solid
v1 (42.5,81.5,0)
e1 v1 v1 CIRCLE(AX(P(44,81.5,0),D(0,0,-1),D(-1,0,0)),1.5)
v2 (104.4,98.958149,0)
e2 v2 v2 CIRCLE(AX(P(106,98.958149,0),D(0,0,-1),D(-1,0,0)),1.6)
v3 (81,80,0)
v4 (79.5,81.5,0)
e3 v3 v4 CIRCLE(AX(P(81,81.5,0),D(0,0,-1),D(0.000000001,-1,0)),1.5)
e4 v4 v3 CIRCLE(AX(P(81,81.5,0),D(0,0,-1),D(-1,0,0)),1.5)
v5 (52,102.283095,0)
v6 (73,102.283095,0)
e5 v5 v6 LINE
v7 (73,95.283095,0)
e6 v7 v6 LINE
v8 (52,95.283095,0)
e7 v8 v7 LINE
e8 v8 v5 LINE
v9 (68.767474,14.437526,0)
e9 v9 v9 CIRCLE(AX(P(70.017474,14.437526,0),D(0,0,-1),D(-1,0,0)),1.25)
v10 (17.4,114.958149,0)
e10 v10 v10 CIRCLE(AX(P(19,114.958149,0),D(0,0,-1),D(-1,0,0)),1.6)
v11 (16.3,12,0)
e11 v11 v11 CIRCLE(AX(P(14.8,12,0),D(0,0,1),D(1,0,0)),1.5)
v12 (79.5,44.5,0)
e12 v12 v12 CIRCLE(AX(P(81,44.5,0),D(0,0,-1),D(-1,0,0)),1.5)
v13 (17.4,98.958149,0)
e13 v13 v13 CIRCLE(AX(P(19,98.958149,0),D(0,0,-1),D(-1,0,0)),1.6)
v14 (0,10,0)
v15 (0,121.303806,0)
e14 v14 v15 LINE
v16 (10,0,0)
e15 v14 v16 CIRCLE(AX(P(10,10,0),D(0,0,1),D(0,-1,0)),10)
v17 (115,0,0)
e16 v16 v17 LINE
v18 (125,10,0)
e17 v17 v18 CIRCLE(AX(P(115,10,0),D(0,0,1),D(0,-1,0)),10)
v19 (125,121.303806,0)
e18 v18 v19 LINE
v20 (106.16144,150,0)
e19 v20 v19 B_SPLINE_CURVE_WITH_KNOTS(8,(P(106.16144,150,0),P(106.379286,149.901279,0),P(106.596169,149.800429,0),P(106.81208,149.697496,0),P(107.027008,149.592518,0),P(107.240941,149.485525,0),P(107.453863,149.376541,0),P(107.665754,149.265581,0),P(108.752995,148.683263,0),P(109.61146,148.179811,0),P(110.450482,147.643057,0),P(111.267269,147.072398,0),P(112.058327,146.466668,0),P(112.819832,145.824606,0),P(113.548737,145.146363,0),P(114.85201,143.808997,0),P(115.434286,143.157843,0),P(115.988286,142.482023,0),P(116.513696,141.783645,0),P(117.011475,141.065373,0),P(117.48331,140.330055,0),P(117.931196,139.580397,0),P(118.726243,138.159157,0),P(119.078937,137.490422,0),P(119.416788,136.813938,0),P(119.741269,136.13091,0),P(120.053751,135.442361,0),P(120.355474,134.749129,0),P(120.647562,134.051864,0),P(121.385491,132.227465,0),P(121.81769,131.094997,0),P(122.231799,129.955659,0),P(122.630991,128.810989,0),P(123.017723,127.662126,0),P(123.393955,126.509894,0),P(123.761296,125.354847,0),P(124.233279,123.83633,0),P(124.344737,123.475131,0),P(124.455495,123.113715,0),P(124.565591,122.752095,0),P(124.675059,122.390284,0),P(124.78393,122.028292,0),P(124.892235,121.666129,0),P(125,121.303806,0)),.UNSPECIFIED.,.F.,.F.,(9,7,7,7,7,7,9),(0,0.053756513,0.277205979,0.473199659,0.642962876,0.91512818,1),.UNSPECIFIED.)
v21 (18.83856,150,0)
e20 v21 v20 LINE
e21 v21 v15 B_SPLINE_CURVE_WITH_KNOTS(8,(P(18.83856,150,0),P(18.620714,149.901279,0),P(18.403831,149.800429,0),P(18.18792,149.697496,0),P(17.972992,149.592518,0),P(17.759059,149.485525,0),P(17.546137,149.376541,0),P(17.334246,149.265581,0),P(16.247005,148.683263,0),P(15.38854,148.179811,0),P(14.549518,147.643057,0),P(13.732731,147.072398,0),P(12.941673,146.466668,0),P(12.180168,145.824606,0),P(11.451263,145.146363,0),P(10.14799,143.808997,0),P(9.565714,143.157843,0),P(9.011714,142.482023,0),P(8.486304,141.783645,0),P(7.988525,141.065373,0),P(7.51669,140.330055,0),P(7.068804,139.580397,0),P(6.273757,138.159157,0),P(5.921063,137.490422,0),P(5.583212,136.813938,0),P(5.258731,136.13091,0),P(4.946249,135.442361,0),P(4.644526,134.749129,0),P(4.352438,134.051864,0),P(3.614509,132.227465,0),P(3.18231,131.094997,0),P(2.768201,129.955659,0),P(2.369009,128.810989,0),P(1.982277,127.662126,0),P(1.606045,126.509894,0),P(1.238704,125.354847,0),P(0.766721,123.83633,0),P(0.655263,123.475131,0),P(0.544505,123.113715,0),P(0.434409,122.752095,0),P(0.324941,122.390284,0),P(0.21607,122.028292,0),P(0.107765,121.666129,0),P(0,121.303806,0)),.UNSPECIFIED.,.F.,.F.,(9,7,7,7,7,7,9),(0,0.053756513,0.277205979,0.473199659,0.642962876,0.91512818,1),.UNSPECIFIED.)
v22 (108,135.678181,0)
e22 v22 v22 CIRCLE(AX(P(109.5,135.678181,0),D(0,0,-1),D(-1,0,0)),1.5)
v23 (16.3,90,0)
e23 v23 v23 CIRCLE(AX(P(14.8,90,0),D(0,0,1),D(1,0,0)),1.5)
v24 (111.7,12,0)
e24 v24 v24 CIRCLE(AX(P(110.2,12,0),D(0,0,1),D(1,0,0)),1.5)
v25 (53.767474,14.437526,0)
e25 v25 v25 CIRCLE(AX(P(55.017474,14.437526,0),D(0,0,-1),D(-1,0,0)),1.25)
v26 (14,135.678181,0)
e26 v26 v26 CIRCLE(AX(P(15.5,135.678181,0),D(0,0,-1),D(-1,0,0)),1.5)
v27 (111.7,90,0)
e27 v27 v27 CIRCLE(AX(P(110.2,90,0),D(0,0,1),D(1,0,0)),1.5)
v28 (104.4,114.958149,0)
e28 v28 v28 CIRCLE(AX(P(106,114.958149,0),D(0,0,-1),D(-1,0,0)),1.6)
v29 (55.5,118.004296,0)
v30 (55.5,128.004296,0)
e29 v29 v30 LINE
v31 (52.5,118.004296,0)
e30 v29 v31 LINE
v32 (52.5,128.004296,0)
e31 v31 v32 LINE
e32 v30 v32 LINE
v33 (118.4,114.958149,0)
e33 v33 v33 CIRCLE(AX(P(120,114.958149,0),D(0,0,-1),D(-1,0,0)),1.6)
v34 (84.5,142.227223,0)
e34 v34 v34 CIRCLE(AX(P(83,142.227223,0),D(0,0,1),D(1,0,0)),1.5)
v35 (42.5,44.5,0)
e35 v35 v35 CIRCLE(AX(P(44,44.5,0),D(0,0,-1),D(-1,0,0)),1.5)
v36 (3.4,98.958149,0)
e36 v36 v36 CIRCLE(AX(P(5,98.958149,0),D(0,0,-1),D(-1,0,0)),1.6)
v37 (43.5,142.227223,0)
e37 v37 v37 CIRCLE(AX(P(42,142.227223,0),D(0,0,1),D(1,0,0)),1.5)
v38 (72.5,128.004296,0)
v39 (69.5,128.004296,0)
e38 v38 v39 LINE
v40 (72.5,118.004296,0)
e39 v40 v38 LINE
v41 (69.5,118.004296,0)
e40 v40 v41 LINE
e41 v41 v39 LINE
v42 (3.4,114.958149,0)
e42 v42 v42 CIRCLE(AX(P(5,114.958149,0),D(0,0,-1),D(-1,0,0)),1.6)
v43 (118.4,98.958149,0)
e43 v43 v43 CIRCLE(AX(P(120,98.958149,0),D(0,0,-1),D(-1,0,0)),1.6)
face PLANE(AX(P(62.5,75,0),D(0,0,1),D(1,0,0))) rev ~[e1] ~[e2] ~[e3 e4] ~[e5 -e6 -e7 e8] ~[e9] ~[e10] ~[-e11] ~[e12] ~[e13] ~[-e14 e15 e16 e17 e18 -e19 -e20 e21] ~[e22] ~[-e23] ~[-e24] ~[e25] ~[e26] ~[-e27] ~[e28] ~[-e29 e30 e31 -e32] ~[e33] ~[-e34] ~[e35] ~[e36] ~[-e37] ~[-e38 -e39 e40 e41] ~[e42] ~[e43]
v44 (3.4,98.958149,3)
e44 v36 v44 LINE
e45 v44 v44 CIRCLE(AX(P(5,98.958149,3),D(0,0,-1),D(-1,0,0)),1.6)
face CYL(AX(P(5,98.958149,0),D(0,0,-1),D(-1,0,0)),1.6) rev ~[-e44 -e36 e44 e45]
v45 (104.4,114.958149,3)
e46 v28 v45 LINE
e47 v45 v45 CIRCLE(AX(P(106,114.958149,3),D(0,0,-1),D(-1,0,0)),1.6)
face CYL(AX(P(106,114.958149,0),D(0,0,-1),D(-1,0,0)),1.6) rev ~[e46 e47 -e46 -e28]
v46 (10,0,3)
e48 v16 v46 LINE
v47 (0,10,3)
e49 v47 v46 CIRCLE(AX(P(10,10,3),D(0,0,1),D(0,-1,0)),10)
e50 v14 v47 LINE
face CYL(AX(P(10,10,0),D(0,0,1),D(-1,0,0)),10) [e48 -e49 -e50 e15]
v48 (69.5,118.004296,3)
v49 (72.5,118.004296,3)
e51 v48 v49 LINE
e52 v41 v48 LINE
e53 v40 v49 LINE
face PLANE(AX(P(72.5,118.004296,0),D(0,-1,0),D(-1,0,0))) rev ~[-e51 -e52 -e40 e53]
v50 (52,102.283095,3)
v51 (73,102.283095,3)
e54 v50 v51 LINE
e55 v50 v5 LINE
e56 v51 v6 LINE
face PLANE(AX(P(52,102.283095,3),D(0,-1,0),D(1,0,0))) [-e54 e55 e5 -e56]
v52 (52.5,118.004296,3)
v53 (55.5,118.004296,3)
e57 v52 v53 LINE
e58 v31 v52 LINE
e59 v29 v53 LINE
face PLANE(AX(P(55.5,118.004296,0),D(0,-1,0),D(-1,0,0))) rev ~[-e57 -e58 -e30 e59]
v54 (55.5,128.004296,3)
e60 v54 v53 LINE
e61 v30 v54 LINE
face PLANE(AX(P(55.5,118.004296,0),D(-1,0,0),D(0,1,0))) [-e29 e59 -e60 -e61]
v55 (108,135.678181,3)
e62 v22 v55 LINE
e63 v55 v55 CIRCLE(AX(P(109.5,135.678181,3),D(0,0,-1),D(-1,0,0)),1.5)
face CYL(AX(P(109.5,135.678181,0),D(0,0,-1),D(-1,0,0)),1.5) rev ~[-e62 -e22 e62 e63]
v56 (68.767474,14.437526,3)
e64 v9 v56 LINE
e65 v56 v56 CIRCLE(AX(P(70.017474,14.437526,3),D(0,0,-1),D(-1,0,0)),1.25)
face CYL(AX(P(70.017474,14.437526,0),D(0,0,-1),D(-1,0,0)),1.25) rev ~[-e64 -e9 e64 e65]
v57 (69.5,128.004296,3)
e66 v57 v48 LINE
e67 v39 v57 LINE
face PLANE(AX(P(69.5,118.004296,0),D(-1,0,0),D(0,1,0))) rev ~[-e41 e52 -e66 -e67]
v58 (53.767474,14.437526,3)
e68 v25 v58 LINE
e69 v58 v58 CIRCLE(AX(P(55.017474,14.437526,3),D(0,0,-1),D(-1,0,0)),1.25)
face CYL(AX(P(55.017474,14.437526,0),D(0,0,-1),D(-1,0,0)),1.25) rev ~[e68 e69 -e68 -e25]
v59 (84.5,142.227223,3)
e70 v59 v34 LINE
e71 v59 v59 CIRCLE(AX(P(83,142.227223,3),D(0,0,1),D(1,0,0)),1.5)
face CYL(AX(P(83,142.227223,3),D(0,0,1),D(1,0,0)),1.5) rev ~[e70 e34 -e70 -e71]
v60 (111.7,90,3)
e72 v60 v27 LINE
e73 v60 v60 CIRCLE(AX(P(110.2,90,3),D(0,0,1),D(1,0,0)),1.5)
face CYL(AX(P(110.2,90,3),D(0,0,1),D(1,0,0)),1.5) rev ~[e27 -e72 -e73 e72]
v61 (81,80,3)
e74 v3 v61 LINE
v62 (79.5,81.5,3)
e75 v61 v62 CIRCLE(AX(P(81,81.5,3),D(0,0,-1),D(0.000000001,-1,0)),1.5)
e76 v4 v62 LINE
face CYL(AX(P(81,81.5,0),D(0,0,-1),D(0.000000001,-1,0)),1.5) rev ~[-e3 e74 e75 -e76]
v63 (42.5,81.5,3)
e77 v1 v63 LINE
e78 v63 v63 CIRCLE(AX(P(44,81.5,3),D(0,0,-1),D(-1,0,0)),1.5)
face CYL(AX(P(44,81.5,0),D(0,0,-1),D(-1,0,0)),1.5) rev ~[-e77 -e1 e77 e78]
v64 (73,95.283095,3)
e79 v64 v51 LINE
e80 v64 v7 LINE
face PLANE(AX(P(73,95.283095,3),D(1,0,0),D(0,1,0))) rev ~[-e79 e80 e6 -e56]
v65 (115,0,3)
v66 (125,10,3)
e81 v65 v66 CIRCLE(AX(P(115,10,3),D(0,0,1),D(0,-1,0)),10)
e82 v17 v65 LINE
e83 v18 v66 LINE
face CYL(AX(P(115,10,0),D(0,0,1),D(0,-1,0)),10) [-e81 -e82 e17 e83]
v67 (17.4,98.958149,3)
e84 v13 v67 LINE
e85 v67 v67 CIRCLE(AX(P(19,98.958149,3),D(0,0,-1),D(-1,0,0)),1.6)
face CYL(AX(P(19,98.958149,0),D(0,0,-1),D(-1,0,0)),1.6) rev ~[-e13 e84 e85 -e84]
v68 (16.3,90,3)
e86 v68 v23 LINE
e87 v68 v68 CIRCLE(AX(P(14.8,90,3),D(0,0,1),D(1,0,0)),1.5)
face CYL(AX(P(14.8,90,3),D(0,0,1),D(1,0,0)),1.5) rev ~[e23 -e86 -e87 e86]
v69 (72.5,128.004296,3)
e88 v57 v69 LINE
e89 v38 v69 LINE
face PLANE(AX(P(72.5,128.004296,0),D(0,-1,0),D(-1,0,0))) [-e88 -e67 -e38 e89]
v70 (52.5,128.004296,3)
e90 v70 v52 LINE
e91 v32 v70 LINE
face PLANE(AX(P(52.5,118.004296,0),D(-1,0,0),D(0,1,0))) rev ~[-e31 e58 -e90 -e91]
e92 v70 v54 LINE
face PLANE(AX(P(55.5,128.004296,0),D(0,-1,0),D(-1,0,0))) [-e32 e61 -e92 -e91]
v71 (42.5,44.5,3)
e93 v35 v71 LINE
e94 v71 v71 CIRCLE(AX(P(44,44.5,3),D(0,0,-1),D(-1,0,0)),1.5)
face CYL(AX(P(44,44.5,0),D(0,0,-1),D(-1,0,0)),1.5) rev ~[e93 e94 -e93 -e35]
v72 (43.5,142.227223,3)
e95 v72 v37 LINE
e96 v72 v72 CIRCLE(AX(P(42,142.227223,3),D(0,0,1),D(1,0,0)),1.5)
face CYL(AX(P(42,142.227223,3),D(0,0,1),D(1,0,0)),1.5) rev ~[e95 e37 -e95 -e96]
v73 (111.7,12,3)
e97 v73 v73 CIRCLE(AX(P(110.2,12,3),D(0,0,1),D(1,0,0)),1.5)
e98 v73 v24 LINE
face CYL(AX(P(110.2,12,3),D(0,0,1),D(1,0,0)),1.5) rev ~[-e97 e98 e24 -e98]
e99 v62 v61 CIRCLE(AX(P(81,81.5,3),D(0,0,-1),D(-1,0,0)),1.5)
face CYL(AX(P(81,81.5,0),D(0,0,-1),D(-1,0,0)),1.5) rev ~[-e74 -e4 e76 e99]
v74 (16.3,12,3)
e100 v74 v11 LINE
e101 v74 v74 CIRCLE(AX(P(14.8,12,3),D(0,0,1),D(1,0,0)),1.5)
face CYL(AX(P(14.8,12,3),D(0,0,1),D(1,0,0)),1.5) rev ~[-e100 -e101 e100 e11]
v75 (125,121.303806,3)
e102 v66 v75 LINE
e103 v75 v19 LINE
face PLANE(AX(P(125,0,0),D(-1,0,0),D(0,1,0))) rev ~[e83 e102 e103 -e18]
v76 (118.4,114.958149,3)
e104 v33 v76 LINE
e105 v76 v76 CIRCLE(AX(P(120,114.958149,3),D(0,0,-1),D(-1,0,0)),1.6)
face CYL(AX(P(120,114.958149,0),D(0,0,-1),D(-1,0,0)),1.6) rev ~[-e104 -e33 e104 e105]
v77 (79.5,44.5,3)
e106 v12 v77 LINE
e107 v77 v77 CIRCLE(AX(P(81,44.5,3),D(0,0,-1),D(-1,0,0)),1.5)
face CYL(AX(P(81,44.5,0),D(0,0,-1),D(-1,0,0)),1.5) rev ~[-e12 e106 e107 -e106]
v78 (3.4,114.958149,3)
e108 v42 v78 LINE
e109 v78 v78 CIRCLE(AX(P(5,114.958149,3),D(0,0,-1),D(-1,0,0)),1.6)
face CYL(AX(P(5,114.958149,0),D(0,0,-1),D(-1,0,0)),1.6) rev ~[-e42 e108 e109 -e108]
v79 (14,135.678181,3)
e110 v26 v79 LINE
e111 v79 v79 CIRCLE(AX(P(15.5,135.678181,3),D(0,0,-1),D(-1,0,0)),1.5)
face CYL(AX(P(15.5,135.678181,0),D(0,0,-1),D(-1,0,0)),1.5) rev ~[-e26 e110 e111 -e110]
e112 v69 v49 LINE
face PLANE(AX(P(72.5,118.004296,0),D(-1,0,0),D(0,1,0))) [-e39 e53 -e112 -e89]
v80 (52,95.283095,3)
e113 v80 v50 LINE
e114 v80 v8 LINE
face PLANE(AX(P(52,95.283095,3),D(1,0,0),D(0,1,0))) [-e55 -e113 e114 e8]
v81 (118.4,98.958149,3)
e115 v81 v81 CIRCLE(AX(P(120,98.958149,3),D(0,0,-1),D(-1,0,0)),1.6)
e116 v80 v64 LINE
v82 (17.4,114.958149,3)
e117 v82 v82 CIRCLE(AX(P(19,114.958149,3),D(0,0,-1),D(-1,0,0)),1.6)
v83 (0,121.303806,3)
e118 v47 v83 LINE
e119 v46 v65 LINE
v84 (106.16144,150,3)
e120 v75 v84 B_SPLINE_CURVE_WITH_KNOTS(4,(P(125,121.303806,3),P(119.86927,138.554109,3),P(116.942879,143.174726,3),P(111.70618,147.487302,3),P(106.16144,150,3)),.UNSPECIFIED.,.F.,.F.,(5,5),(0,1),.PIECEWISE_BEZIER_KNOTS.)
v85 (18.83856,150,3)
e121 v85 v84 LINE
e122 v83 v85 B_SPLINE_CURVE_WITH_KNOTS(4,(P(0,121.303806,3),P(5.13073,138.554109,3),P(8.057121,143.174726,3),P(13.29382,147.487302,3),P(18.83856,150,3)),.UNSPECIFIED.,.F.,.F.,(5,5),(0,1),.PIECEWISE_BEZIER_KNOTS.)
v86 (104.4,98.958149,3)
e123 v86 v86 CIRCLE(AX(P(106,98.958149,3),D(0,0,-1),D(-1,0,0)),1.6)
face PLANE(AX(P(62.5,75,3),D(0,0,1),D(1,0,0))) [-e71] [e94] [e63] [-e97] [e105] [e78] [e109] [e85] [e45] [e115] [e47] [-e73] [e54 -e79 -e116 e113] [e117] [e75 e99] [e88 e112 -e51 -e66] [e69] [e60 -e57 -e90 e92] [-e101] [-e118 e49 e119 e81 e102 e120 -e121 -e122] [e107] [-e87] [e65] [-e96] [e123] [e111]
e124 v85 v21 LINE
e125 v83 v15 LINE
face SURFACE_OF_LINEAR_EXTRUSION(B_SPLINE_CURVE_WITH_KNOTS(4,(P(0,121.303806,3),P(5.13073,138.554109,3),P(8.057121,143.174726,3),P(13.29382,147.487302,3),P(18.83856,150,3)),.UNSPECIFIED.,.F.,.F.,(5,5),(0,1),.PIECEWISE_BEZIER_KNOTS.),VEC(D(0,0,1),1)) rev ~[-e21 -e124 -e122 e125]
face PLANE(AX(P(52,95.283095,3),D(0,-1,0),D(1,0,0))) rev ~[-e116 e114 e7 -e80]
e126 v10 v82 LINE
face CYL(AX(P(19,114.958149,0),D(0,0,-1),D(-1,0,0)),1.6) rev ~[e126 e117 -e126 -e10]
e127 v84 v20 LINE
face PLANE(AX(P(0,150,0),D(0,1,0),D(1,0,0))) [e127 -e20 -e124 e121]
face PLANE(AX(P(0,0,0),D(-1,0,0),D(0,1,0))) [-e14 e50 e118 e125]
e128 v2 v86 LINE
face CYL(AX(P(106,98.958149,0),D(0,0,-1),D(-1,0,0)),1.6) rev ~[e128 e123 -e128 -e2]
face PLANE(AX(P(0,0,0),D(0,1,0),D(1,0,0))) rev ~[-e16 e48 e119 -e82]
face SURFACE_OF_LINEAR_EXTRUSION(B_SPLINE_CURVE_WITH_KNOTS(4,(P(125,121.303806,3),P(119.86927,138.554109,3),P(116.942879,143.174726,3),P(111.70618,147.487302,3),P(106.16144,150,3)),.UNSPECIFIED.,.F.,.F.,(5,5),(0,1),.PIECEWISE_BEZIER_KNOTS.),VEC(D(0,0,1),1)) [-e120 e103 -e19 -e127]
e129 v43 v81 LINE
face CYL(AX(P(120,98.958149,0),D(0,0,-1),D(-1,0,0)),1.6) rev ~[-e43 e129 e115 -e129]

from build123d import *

# Parameters (mm, degrees)
SKETCH1_W           = 125
SKETCH1_H           = 150
BOSS_EXTRUDE1_DEPTH = 3
SKETCH2_R           = 1.6
CUT_EXTRUDE1_DEPTH  = 4
SKETCH3_R           = 1.5
CUT_EXTRUDE2_DEPTH  = 4
SKETCH4_R           = 1.25
CUT_EXTRUDE3_DEPTH  = 4
SKETCH5_W           = 3
SKETCH5_H           = 10
CUT_EXTRUDE4_DEPTH  = 4
SKETCH6_R           = 1.5
CUT_EXTRUDE5_DEPTH  = 4
CUT_EXTRUDE6_DEPTH  = 4
SKETCH8_R           = 1.5
CUT_EXTRUDE7_DEPTH  = 4.0000001
SKETCH9_R           = 1.5
CUT_EXTRUDE8_DEPTH  = 4.0000001
FILLET3_R           = 10
SKETCH10_W          = 21
SKETCH10_H          = 7
CUT_EXTRUDE9_DEPTH  = 4.0000001


with BuildPart() as part:
    # Sketch1 → Boss-Extrude1 (new body)
    with BuildSketch(Plane.XY):
        with Locations((62.5, 75)):
            Rectangle(SKETCH1_W, SKETCH1_H)
    extrude(amount=BOSS_EXTRUDE1_DEPTH)

    # Sketch2 → Cut-Extrude1 (cut, through all)
    with BuildSketch(Plane(origin=(0, 0, 0), x_dir=(-1, 0, 0), z_dir=(0, 0, -1))):
        with Locations((-120, 114.958148689)):
            Circle(SKETCH2_R)
        with Locations((-106, 114.958148689)):
            Circle(SKETCH2_R)
        with Locations((-106, 98.958148689)):
            Circle(SKETCH2_R)
        with Locations((-120, 98.958148689)):
            Circle(SKETCH2_R)
        with Locations((-19, 114.958148689)):
            Circle(SKETCH2_R)
        with Locations((-5, 114.958148689)):
            Circle(SKETCH2_R)
        with Locations((-5, 98.958148689)):
            Circle(SKETCH2_R)
        with Locations((-19, 98.958148689)):
            Circle(SKETCH2_R)
    extrude(amount=-CUT_EXTRUDE1_DEPTH, mode=Mode.SUBTRACT)

    # Sketch3 → Cut-Extrude2 (cut, through all)
    with BuildSketch(Plane(origin=(0, 0, 0), x_dir=(-1, 0, 0), z_dir=(0, 0, -1))):
        with BuildLine():
            ThreePointArc((-79.5, 81.5), (-82.060660172, 82.560660172), (-81, 80))
            Line((-81, 80), (-81, 81.5))
            Line((-81, 81.5), (-79.5, 81.5))
        make_face()
        with BuildLine():
            Line((-81, 81.5), (-81, 80))
            ThreePointArc((-81, 80), (-79.939339828, 80.439339828), (-79.5, 81.5))
            Line((-79.5, 81.5), (-81, 81.5))
        make_face()
        with Locations((-44, 81.5)):
            Circle(SKETCH3_R)
        with Locations((-81, 44.5)):
            Circle(SKETCH3_R)
        with Locations((-44, 44.5)):
            Circle(SKETCH3_R)
    extrude(amount=-CUT_EXTRUDE2_DEPTH, mode=Mode.SUBTRACT)

    # Sketch4 → Cut-Extrude3 (cut, through all)
    with BuildSketch(Plane(origin=(0, 0, 0), x_dir=(-1, 0, 0), z_dir=(0, 0, -1))):
        with Locations((-70.017473816, 14.43752637)):
            Circle(SKETCH4_R)
        with Locations((-55.017473816, 14.43752637)):
            Circle(SKETCH4_R)
    extrude(amount=-CUT_EXTRUDE3_DEPTH, mode=Mode.SUBTRACT)

    # Sketch5 → Cut-Extrude4 (cut, through all)
    with BuildSketch(Plane(origin=(0, 0, 0), x_dir=(-1, 0, 0), z_dir=(0, 0, -1))):
        with Locations((-54, 123.004295886)):
            Rectangle(SKETCH5_W, SKETCH5_H)
        with Locations((-71, 123.004295886)):
            Rectangle(SKETCH5_W, SKETCH5_H)
    extrude(amount=-CUT_EXTRUDE4_DEPTH, mode=Mode.SUBTRACT)

    # Sketch6 → Cut-Extrude5 (cut, through all)
    with BuildSketch(Plane(origin=(0, 0, 0), x_dir=(-1, 0, 0), z_dir=(0, 0, -1))):
        with Locations((-15.5, 135.678181118)):
            Circle(SKETCH6_R)
        with Locations((-109.5, 135.678181118)):
            Circle(SKETCH6_R)
    extrude(amount=-CUT_EXTRUDE5_DEPTH, mode=Mode.SUBTRACT)

    # Sketch7 → Cut-Extrude6 (cut, through all)
    with BuildSketch(Plane.XY.offset(3)):
        with BuildLine():
            Line((18.83856041, 150), (0, 150))
            Line((0, 150), (0, 121.303805561))
            add(Edge.make_bspline(
                [(0, 121.303805561), (5.130729703, 138.554109372), (8.057120528, 143.174726465), (13.293819899, 147.487302418), (18.83856041, 150)],
                knots=[0, 0, 0, 0, 0, 1, 1, 1, 1, 1], degree=4))
        make_face()
        with BuildLine():
            Line((125, 150), (125, 121.303805561))
            add(Edge.make_bspline(
                [(125, 121.303805561), (119.869270297, 138.554109372), (116.942879472, 143.174726465), (111.706180101, 147.487302418), (106.16143959, 150)],
                knots=[0, 0, 0, 0, 0, 1, 1, 1, 1, 1], degree=4))
            Line((106.16143959, 150), (125, 150))
        make_face()
    extrude(amount=-CUT_EXTRUDE6_DEPTH, mode=Mode.SUBTRACT)

    # Sketch8 → Cut-Extrude7 (cut, through all)
    with BuildSketch(Plane.XY.offset(3)):
        with Locations((14.8, 12)):
            Circle(SKETCH8_R)
        with Locations((110.2, 12)):
            Circle(SKETCH8_R)
        with Locations((14.8, 90)):
            Circle(SKETCH8_R)
        with Locations((110.2, 90)):
            Circle(SKETCH8_R)
    extrude(amount=-CUT_EXTRUDE7_DEPTH, mode=Mode.SUBTRACT)

    # Sketch9 → Cut-Extrude8 (cut, through all)
    with BuildSketch(Plane.XY.offset(3)):
        with Locations((42, 142.227223386)):
            Circle(SKETCH9_R)
        with Locations((83, 142.227223386)):
            Circle(SKETCH9_R)
    extrude(amount=-CUT_EXTRUDE8_DEPTH, mode=Mode.SUBTRACT)

    # Fillet3
    fillet3_edges = [part.edges().sort_by_distance(p)[0] for p in [
        (125, 0, 1.5),
        (0, 0, 1.5),
    ]]
    fillet(fillet3_edges, radius=FILLET3_R)

    # Sketch10 → Cut-Extrude9 (cut, through all)
    with BuildSketch(Plane.XY.offset(3)):
        with Locations((62.5, 98.783094858)):
            Rectangle(SKETCH10_W, SKETCH10_H)
    extrude(amount=-CUT_EXTRUDE9_DEPTH, mode=Mode.SUBTRACT)


solid = part.part
